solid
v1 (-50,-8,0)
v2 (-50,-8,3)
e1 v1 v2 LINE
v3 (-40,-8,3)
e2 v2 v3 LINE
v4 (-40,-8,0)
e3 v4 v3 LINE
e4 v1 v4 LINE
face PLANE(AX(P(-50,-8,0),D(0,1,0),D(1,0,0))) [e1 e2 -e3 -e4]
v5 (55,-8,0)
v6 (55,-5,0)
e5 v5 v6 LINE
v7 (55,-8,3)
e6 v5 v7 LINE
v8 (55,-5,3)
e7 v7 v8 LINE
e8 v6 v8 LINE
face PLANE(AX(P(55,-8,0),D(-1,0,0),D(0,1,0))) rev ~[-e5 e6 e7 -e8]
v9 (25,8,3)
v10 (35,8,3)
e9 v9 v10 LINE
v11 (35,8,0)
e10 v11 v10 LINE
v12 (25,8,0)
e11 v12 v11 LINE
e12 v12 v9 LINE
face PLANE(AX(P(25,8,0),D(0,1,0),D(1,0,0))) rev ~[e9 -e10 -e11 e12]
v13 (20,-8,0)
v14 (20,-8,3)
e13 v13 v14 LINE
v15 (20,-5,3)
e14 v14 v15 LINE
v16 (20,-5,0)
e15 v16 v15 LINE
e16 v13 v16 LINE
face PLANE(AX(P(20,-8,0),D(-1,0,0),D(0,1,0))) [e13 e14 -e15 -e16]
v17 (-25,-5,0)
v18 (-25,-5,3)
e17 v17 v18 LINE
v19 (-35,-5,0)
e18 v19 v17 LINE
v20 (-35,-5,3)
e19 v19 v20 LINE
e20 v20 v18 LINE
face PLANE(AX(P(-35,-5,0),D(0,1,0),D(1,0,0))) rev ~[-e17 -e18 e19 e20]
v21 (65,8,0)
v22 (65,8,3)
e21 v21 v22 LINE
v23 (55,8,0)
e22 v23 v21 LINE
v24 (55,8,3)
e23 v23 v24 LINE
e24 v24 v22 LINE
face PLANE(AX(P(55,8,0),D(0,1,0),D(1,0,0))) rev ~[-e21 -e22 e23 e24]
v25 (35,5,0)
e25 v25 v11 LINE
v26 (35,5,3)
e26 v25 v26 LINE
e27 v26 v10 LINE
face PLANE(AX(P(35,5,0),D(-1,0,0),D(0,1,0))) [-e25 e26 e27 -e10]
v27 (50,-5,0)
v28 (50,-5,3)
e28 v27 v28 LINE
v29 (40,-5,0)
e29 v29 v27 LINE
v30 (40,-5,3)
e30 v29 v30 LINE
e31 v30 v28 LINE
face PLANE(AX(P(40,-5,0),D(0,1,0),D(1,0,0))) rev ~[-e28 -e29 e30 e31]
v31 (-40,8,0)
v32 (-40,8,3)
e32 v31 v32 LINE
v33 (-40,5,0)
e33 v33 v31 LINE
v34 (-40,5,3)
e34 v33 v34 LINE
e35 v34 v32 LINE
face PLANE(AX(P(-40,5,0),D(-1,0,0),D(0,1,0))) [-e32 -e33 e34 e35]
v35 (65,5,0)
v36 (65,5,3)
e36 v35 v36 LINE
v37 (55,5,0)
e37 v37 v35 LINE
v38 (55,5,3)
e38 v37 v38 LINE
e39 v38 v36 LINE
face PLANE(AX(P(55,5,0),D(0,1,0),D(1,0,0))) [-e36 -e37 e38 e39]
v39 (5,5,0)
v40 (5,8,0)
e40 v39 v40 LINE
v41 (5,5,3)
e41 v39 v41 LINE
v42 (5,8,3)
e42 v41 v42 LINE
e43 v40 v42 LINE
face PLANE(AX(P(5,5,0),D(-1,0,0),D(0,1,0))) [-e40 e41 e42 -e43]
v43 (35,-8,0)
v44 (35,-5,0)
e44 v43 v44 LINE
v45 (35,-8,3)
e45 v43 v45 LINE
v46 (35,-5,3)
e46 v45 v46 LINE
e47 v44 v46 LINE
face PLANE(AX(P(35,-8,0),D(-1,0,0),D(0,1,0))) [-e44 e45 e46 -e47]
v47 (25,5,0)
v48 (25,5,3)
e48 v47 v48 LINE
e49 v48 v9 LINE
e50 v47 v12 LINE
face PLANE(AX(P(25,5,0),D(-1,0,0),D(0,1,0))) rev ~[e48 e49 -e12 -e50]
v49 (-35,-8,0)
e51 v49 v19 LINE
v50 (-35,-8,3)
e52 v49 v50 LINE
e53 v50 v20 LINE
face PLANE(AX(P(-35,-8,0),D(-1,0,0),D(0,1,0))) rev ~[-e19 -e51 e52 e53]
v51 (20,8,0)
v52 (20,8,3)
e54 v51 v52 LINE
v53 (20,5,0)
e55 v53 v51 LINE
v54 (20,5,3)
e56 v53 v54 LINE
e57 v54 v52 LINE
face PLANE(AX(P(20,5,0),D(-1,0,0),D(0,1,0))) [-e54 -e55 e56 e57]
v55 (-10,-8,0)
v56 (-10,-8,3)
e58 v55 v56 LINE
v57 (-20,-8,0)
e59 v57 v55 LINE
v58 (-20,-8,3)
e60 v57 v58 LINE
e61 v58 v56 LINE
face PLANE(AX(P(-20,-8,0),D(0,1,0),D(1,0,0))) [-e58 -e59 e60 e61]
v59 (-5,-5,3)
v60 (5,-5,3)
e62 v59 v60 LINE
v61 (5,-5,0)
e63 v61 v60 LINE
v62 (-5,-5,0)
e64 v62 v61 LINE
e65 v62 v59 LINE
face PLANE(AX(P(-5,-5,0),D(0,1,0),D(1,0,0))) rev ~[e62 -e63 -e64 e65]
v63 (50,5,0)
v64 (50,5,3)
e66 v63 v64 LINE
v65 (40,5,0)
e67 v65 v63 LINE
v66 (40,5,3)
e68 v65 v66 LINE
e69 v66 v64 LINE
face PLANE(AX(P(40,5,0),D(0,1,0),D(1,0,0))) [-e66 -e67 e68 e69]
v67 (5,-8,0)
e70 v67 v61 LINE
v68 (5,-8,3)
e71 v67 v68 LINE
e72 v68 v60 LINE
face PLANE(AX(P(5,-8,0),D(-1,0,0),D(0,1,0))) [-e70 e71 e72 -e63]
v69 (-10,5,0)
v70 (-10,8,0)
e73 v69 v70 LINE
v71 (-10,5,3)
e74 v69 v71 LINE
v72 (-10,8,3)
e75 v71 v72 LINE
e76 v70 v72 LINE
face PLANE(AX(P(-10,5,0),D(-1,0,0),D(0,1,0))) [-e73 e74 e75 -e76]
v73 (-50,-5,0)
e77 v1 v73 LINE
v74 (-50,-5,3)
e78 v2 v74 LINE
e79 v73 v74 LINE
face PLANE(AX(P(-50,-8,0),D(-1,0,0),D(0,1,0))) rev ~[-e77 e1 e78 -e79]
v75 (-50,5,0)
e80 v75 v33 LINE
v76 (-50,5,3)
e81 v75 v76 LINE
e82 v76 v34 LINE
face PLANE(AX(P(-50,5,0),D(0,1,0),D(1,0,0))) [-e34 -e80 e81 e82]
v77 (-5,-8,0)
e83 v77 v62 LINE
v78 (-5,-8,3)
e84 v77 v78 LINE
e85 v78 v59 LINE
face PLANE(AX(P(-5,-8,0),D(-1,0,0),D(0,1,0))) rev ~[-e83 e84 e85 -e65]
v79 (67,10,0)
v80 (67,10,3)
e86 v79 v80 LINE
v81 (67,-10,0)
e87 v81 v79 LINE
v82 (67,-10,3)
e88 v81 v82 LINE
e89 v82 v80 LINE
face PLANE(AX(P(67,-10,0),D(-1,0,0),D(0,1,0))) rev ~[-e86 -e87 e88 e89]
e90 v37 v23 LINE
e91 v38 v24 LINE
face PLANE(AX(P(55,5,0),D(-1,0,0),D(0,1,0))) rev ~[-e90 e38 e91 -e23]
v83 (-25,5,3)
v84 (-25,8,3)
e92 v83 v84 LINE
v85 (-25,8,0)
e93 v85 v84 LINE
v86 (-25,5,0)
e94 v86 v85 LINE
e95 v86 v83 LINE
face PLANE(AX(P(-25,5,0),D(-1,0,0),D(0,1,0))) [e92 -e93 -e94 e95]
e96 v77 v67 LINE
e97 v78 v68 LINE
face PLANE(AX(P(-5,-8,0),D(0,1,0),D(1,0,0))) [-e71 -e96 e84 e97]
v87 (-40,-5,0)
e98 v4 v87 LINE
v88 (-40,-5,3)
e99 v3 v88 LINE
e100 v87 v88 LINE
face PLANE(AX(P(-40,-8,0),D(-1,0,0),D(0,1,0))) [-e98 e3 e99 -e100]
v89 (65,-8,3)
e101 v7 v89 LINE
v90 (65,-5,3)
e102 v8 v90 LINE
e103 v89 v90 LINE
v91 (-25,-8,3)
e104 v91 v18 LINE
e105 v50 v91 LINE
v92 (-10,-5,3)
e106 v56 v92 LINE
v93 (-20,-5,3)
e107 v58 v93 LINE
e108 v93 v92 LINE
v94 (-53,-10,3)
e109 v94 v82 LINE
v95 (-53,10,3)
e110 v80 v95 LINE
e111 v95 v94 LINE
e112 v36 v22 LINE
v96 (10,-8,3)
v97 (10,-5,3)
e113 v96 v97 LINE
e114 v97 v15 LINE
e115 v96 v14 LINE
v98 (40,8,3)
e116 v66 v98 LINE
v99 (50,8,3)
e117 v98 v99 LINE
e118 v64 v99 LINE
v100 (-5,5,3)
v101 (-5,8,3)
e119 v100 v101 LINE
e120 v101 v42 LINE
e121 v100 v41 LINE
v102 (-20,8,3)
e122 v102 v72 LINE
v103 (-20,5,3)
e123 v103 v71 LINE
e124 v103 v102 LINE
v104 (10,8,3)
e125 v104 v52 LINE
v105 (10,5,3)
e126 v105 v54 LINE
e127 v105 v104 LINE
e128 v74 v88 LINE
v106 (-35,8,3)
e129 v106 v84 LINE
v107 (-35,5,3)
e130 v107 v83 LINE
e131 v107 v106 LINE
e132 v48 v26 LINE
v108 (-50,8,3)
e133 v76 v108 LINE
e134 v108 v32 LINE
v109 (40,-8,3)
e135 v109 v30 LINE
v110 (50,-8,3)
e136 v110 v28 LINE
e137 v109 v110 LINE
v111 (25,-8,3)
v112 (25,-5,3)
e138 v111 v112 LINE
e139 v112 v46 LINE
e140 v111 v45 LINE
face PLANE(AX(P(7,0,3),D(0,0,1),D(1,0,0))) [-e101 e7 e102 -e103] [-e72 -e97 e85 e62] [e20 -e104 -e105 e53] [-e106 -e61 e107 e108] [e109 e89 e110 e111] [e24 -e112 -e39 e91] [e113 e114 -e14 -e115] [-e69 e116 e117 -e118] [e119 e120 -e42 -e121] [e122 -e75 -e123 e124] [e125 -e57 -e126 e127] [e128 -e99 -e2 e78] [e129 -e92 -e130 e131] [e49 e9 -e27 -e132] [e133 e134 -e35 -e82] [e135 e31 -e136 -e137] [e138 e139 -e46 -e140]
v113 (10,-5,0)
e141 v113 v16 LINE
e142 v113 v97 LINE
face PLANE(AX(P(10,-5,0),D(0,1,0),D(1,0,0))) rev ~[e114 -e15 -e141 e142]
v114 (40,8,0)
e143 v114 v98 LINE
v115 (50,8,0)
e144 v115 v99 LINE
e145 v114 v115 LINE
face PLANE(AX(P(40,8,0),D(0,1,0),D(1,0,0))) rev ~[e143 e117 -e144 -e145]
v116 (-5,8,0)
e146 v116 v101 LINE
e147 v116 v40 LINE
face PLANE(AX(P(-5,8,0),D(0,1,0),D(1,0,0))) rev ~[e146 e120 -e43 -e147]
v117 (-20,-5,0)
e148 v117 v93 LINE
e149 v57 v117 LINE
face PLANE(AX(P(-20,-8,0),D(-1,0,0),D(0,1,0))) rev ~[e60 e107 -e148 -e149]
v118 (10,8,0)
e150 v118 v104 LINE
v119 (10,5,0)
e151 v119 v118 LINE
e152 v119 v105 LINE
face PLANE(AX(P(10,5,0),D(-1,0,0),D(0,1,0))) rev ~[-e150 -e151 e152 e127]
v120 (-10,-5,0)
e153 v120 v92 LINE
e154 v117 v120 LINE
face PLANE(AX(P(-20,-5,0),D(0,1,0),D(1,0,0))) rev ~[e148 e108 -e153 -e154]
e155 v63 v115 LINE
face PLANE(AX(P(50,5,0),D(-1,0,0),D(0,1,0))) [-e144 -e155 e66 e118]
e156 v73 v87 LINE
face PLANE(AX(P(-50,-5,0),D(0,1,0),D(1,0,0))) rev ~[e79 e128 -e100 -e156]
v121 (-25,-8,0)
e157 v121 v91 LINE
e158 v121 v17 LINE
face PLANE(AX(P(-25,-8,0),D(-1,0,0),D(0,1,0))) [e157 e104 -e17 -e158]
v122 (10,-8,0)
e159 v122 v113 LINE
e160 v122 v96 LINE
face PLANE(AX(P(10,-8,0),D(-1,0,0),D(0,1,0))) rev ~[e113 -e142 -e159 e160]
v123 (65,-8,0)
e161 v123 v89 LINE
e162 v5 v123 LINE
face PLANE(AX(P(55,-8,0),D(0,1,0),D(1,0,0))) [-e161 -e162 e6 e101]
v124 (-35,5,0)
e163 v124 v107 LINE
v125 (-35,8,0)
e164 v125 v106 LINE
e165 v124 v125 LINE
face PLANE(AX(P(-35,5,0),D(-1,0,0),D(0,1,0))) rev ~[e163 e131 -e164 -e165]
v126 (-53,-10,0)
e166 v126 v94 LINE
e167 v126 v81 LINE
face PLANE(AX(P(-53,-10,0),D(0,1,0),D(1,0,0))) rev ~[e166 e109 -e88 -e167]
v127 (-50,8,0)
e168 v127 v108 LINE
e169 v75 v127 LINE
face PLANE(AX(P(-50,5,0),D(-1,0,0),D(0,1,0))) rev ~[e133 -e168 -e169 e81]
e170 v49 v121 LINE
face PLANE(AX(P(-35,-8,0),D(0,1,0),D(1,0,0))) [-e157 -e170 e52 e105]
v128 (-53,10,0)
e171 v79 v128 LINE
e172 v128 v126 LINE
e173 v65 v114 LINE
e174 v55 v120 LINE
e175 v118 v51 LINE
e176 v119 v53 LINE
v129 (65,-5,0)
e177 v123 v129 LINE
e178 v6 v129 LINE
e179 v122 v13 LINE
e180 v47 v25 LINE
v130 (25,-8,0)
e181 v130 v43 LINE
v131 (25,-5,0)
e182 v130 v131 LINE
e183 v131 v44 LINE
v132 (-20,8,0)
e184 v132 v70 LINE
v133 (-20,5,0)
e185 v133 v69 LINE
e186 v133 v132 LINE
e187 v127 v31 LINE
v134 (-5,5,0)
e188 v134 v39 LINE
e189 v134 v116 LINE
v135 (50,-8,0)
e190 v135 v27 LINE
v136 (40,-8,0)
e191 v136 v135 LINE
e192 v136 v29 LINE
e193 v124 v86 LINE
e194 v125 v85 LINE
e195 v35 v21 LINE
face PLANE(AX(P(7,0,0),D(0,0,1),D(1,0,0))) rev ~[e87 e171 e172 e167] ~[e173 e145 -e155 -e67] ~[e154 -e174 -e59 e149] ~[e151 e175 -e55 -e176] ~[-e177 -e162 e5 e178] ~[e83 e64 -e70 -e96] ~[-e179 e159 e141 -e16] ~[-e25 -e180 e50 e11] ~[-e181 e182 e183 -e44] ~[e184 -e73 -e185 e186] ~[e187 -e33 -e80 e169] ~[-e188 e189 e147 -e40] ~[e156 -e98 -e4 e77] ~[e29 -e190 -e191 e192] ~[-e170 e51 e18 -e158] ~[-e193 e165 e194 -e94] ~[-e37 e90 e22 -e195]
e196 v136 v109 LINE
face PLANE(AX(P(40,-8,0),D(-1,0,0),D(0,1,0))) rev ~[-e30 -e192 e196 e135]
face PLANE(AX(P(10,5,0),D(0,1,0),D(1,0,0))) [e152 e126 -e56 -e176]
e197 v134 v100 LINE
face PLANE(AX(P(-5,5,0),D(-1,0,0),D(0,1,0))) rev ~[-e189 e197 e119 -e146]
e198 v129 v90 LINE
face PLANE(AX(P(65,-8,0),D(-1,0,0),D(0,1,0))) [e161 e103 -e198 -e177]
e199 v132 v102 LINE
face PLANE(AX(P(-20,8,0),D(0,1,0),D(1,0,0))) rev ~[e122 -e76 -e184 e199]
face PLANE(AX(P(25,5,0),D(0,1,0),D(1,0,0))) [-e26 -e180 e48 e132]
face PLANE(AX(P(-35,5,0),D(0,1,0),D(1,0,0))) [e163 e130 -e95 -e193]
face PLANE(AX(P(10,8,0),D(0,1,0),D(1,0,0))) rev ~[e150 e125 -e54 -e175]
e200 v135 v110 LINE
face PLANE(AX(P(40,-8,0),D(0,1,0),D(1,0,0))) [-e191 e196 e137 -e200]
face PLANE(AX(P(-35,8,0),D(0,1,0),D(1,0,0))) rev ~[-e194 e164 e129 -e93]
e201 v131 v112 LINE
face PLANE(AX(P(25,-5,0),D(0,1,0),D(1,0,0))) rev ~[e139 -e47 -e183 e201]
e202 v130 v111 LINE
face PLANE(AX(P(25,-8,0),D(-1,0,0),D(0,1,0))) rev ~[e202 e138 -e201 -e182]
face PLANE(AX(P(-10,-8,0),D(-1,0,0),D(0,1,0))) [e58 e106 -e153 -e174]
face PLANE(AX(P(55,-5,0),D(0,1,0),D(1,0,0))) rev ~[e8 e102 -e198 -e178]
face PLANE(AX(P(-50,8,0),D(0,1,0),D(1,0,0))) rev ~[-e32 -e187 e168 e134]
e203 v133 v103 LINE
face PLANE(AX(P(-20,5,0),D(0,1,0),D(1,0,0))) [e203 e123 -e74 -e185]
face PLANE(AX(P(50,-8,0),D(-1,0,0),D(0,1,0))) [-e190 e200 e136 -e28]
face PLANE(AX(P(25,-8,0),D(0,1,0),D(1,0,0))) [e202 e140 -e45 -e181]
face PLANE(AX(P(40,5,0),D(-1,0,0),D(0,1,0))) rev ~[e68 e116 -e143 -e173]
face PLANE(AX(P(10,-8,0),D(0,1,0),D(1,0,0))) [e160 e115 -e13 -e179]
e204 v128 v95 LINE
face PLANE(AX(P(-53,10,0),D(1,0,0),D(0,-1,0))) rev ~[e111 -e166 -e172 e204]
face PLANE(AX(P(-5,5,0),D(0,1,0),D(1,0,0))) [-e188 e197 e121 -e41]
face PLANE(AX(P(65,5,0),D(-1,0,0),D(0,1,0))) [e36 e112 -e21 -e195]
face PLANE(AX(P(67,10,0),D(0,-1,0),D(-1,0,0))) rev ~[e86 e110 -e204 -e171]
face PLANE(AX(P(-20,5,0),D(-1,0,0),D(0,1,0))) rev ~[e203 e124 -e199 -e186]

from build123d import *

# Parameters (mm, degrees)
SKETCH_1_W      = 10
SKETCH_1_H      = 3
EXTRUDE_1_DEPTH = 3


with BuildPart() as part:
    # 草图1 → 凸台-拉伸1 (new body)
    with BuildSketch(Plane.XY):
        Polygon((-53, 5), (-53, -5), (-53, -10), (67, -10), (67, -5), (67, 5), (67, 10), (-53, 10), align=None)
        with Locations((-30, 6.5)):
            Rectangle(SKETCH_1_W, SKETCH_1_H, mode=Mode.SUBTRACT)
        with Locations((-45, 6.5)):
            Rectangle(SKETCH_1_W, SKETCH_1_H, mode=Mode.SUBTRACT)
        with Locations((-15, 6.5)):
            Rectangle(SKETCH_1_W, SKETCH_1_H, mode=Mode.SUBTRACT)
        with Locations((0, 6.5)):
            Rectangle(SKETCH_1_W, SKETCH_1_H, mode=Mode.SUBTRACT)
        with Locations((15, 6.5)):
            Rectangle(SKETCH_1_W, SKETCH_1_H, mode=Mode.SUBTRACT)
        with Locations((30, 6.5)):
            Rectangle(SKETCH_1_W, SKETCH_1_H, mode=Mode.SUBTRACT)
        with Locations((45, 6.5)):
            Rectangle(SKETCH_1_W, SKETCH_1_H, mode=Mode.SUBTRACT)
        with Locations((45, -6.5)):
            Rectangle(SKETCH_1_W, SKETCH_1_H, mode=Mode.SUBTRACT)
        with Locations((30, -6.5)):
            Rectangle(SKETCH_1_W, SKETCH_1_H, mode=Mode.SUBTRACT)
        with Locations((15, -6.5)):
            Rectangle(SKETCH_1_W, SKETCH_1_H, mode=Mode.SUBTRACT)
        with Locations((0, -6.5)):
            Rectangle(SKETCH_1_W, SKETCH_1_H, mode=Mode.SUBTRACT)
        with Locations((-15, -6.5)):
            Rectangle(SKETCH_1_W, SKETCH_1_H, mode=Mode.SUBTRACT)
        with Locations((-30, -6.5)):
            Rectangle(SKETCH_1_W, SKETCH_1_H, mode=Mode.SUBTRACT)
        with Locations((-45, -6.5)):
            Rectangle(SKETCH_1_W, SKETCH_1_H, mode=Mode.SUBTRACT)
        with Locations((60, 6.5)):
            Rectangle(SKETCH_1_W, SKETCH_1_H, mode=Mode.SUBTRACT)
        with Locations((60, -6.5)):
            Rectangle(SKETCH_1_W, SKETCH_1_H, mode=Mode.SUBTRACT)
    extrude(amount=EXTRUDE_1_DEPTH)


solid = part.part
